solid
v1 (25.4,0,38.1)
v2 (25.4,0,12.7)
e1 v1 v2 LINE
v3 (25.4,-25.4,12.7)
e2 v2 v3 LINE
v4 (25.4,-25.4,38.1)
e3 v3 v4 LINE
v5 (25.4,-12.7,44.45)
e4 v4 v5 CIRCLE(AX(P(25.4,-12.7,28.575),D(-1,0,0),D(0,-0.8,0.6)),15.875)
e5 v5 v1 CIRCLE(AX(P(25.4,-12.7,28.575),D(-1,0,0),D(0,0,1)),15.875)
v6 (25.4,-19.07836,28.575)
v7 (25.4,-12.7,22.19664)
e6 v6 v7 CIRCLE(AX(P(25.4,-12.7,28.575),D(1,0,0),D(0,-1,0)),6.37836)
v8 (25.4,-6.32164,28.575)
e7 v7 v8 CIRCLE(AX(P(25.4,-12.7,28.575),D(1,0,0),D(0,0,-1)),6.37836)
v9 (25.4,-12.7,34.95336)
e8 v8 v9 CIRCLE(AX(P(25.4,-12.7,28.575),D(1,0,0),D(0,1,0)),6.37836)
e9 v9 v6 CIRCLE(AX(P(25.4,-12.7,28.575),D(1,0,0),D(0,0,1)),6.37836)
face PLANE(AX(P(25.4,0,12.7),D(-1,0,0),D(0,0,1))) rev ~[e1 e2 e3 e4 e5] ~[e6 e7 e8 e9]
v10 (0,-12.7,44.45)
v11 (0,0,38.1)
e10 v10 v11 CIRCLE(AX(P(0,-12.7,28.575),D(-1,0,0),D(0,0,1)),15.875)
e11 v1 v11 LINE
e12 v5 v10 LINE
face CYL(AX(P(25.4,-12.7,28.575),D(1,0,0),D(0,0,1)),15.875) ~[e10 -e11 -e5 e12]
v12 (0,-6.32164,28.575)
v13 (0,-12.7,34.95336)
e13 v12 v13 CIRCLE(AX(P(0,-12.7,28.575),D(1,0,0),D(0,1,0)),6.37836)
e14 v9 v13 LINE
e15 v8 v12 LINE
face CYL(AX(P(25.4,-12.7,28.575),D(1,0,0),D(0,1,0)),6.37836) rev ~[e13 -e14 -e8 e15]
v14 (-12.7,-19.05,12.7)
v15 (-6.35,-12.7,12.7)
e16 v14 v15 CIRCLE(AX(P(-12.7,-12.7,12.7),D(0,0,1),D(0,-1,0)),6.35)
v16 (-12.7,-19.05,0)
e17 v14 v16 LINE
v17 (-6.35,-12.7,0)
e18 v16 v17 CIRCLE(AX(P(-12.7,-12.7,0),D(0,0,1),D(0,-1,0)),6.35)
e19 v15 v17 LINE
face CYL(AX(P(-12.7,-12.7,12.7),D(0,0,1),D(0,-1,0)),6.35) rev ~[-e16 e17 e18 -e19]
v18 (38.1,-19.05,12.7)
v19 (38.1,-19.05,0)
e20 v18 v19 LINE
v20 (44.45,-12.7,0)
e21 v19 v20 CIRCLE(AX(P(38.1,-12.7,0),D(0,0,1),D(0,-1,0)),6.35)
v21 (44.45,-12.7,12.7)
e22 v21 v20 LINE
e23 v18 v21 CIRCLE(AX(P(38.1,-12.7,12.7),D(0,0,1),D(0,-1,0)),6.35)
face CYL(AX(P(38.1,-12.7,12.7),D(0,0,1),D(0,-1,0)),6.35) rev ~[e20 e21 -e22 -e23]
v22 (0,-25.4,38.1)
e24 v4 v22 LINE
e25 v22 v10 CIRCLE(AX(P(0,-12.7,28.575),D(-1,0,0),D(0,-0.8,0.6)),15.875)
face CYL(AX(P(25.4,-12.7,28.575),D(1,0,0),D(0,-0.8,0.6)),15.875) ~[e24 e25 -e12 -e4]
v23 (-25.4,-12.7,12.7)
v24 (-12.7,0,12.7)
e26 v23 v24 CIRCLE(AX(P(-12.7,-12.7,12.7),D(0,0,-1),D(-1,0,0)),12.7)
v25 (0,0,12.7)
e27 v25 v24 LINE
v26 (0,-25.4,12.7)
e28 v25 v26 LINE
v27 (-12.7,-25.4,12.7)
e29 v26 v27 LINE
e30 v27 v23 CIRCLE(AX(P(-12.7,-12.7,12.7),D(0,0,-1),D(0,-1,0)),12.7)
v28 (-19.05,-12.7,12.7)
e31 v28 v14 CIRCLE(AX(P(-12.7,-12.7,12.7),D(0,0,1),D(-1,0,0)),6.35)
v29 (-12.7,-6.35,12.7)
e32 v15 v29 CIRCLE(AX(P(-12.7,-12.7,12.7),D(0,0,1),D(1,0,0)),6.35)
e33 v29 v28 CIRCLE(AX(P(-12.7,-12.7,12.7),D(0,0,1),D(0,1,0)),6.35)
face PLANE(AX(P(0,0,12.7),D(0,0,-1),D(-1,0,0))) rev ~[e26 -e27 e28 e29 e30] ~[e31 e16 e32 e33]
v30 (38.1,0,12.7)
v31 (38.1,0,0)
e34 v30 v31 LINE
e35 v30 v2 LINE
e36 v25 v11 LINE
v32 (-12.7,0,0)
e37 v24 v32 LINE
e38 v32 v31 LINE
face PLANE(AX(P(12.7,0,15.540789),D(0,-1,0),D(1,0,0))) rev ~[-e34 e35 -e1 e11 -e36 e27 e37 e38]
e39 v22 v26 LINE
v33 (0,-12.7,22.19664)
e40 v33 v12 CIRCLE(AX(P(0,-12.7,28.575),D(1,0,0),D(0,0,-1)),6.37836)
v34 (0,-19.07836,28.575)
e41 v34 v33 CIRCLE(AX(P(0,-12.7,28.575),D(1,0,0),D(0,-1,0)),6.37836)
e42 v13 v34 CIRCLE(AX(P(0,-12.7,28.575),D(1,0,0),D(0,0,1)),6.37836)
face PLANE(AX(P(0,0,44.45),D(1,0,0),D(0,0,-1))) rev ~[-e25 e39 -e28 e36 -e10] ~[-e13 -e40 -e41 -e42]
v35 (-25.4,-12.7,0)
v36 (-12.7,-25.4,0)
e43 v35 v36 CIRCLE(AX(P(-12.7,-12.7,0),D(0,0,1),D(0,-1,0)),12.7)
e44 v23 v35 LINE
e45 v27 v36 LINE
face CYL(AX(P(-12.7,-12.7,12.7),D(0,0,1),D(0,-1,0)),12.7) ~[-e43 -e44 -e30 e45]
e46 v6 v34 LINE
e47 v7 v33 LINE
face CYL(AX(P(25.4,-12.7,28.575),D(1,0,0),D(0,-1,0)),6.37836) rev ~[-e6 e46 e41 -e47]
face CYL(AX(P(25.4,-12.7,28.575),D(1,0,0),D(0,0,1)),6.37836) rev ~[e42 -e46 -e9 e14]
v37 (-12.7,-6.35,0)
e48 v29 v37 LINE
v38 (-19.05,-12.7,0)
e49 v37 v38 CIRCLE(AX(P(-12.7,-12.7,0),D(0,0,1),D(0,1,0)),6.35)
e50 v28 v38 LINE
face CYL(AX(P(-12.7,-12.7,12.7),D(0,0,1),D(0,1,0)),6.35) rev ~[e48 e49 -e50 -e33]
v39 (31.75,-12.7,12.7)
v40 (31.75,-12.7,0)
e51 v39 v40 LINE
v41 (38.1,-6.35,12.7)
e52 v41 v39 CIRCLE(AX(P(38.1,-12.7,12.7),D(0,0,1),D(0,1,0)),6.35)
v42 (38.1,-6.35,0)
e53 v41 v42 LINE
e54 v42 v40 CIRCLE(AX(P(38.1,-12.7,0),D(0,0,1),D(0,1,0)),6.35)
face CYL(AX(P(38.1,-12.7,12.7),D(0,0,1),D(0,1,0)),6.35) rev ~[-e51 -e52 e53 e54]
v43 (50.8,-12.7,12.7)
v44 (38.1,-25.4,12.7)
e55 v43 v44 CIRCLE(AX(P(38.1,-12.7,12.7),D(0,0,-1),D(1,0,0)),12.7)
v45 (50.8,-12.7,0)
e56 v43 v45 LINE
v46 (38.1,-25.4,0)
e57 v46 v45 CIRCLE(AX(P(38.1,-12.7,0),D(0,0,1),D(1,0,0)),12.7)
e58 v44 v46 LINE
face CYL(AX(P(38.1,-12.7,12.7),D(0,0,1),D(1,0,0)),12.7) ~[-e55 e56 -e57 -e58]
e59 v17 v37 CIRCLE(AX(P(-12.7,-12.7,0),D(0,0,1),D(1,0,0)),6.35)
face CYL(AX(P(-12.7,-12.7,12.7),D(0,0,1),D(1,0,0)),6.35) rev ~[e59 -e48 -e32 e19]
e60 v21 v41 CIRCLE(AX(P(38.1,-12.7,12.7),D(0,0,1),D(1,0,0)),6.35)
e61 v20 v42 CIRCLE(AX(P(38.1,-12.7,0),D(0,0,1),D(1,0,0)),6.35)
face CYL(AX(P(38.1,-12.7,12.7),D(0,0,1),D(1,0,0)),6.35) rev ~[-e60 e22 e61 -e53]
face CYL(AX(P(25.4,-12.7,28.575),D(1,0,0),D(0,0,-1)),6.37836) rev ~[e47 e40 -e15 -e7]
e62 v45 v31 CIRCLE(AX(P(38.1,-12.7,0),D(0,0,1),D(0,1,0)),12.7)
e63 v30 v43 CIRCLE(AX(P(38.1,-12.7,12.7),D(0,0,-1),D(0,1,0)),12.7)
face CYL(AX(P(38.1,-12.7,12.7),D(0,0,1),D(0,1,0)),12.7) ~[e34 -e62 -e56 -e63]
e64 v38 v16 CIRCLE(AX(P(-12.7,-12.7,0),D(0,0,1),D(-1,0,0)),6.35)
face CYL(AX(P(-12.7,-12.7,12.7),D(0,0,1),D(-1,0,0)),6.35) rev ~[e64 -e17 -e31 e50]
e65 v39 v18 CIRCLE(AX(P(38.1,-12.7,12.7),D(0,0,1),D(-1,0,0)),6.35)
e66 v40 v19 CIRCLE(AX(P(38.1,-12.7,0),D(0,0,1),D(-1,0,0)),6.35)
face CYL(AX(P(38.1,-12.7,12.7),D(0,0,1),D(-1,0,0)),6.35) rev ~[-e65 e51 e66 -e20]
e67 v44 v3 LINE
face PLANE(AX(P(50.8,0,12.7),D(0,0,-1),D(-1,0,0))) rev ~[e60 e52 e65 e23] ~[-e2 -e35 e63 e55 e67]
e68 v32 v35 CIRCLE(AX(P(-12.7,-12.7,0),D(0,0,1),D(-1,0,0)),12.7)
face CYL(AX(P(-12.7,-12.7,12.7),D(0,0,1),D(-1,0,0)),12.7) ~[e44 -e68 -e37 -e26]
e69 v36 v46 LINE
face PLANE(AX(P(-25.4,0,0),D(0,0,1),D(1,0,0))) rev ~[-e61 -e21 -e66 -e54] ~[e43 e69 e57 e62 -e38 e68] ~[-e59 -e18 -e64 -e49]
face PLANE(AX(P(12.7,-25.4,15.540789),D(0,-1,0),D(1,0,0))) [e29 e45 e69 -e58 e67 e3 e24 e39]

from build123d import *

# Parameters (mm, degrees)
F1_DEPTH = 25.4
F3_DEPTH = 25.4
F5_DEPTH = 25.4
F7_DEPTH = 25.4


with BuildPart() as f1:
    # F0 (on Front) → F1 (new body)
    with BuildSketch(Plane.XZ):
        Polygon((-25.4, 12.7), (-25.4, 0), (50.8, 0), (50.8, 12.7), (25.4, 12.7), (25.4, 44.45), (0, 44.45), (0, 12.7), align=None)
    extrude(amount=F1_DEPTH)

    # F2 (on face) → F3 (cut)
    with BuildSketch(Plane.YZ.offset(25.4)):
        with BuildLine():
            Line((-25.4, 28.575), (-25.4, 38.1))
            ThreePointArc((-25.4, 38.1), (-28.575, 28.575), (-25.4, 19.05))
            Line((-25.4, 19.05), (-25.4, 28.575))
        make_face()
        with BuildLine():
            ThreePointArc((3.175, 28.575), (2.3603473566, 33.5951157855), (0, 38.1))
            Line((0, 38.1), (0, 28.575))
            Line((0, 28.575), (0, 19.05))
            ThreePointArc((0, 19.05), (2.3603473566, 23.5548842145), (3.175, 28.575))
        make_face()
        with BuildLine():
            Line((0, 44.45), (-12.7, 44.45))
            ThreePointArc((-12.7, 44.45), (-5.6004841714, 42.7740316571), (0, 38.1))
            Line((0, 38.1), (0, 44.45))
        make_face()
        with BuildLine():
            ThreePointArc((-25.4, 38.1), (-19.7995158286, 42.7740316571), (-12.7, 44.45))
            Line((-12.7, 44.45), (-25.4, 44.45))
            Line((-25.4, 44.45), (-25.4, 38.1))
        make_face()
        with BuildLine():
            ThreePointArc((-6.3216395999, 28.575), (-8.1898181082, 33.0851818918), (-12.7, 34.9533604001))
            Line((-12.7, 34.9533604001), (-12.7, 28.575))
            Line((-12.7, 28.575), (-6.3216395999, 28.575))
        make_face()
        with BuildLine():
            Line((-12.7, 28.575), (-12.7, 34.9533604001))
            ThreePointArc((-12.7, 34.9533604001), (-17.2101818918, 33.0851818918), (-19.0783604001, 28.575))
            Line((-19.0783604001, 28.575), (-12.7, 28.575))
        make_face()
        with BuildLine():
            Line((-6.3216395999, 28.575), (-12.7, 28.575))
            Line((-12.7, 28.575), (-12.7, 22.1966395999))
            ThreePointArc((-12.7, 22.1966395999), (-8.1898181082, 24.0648181082), (-6.3216395999, 28.575))
        make_face()
        with BuildLine():
            Line((-12.7, 22.1966395999), (-12.7, 28.575))
            Line((-12.7, 28.575), (-19.0783604001, 28.575))
            ThreePointArc((-19.0783604001, 28.575), (-17.2101818918, 24.0648181082), (-12.7, 22.1966395999))
        make_face()
    extrude(amount=-F3_DEPTH, mode=Mode.SUBTRACT)

    # F4 (on face) → F5 (cut)
    with BuildSketch(Plane.XY.offset(12.7)):
        with BuildLine():
            Line((44.45, -12.7), (38.1, -12.7))
            Line((38.1, -12.7), (38.1, -19.05))
            ThreePointArc((38.1, -19.05), (42.5901280605, -17.1901280605), (44.45, -12.7))
        make_face()
        with BuildLine():
            ThreePointArc((44.45, -12.7), (42.5901280605, -8.2098719395), (38.1, -6.35))
            Line((38.1, -6.35), (38.1, -12.7))
            Line((38.1, -12.7), (44.45, -12.7))
        make_face()
        with BuildLine():
            Line((38.1, -12.7), (38.1, -6.35))
            ThreePointArc((38.1, -6.35), (33.6098719395, -8.2098719395), (31.75, -12.7))
            Line((31.75, -12.7), (38.1, -12.7))
        make_face()
        with BuildLine():
            Line((38.1, -19.05), (38.1, -12.7))
            Line((38.1, -12.7), (31.75, -12.7))
            ThreePointArc((31.75, -12.7), (33.6098719395, -17.1901280605), (38.1, -19.05))
        make_face()
        with BuildLine():
            Line((50.8, 0), (38.1, 0))
            ThreePointArc((38.1, 0), (47.0802561211, -3.7197438789), (50.8, -12.7))
            Line((50.8, -12.7), (50.8, 0))
        make_face()
        with BuildLine():
            Line((50.8, -25.4), (50.8, -12.7))
            ThreePointArc((50.8, -12.7), (47.0802561211, -21.6802561211), (38.1, -25.4))
            Line((38.1, -25.4), (50.8, -25.4))
        make_face()
    extrude(amount=-F5_DEPTH, mode=Mode.SUBTRACT)

    # F6 (on face) → F7 (cut)
    with BuildSketch(Plane.XY.offset(12.7)):
        with BuildLine():
            Line((-6.35, -12.7), (-12.7, -12.7))
            Line((-12.7, -12.7), (-12.7, -19.05))
            ThreePointArc((-12.7, -19.05), (-8.2098719395, -17.1901280605), (-6.35, -12.7))
        make_face()
        with BuildLine():
            Line((-12.7, -19.05), (-12.7, -12.7))
            Line((-12.7, -12.7), (-19.05, -12.7))
            ThreePointArc((-19.05, -12.7), (-17.1901280605, -17.1901280605), (-12.7, -19.05))
        make_face()
        with BuildLine():
            Line((-12.7, -12.7), (-12.7, -6.35))
            ThreePointArc((-12.7, -6.35), (-17.1901280605, -8.2098719395), (-19.05, -12.7))
            Line((-19.05, -12.7), (-12.7, -12.7))
        make_face()
        with BuildLine():
            ThreePointArc((-6.35, -12.7), (-8.2098719395, -8.2098719395), (-12.7, -6.35))
            Line((-12.7, -6.35), (-12.7, -12.7))
            Line((-12.7, -12.7), (-6.35, -12.7))
        make_face()
        with BuildLine():
            ThreePointArc((-12.7, -25.4), (-21.6802561211, -21.6802561211), (-25.4, -12.7))
            Line((-25.4, -12.7), (-25.4, -25.4))
            Line((-25.4, -25.4), (-12.7, -25.4))
        make_face()
        with BuildLine():
            ThreePointArc((-25.4, -12.7), (-21.6802561211, -3.7197438789), (-12.7, 0))
            Line((-12.7, 0), (-25.4, 0))
            Line((-25.4, 0), (-25.4, -12.7))
        make_face()
    extrude(amount=-F7_DEPTH, mode=Mode.SUBTRACT)


solid = f1.part
